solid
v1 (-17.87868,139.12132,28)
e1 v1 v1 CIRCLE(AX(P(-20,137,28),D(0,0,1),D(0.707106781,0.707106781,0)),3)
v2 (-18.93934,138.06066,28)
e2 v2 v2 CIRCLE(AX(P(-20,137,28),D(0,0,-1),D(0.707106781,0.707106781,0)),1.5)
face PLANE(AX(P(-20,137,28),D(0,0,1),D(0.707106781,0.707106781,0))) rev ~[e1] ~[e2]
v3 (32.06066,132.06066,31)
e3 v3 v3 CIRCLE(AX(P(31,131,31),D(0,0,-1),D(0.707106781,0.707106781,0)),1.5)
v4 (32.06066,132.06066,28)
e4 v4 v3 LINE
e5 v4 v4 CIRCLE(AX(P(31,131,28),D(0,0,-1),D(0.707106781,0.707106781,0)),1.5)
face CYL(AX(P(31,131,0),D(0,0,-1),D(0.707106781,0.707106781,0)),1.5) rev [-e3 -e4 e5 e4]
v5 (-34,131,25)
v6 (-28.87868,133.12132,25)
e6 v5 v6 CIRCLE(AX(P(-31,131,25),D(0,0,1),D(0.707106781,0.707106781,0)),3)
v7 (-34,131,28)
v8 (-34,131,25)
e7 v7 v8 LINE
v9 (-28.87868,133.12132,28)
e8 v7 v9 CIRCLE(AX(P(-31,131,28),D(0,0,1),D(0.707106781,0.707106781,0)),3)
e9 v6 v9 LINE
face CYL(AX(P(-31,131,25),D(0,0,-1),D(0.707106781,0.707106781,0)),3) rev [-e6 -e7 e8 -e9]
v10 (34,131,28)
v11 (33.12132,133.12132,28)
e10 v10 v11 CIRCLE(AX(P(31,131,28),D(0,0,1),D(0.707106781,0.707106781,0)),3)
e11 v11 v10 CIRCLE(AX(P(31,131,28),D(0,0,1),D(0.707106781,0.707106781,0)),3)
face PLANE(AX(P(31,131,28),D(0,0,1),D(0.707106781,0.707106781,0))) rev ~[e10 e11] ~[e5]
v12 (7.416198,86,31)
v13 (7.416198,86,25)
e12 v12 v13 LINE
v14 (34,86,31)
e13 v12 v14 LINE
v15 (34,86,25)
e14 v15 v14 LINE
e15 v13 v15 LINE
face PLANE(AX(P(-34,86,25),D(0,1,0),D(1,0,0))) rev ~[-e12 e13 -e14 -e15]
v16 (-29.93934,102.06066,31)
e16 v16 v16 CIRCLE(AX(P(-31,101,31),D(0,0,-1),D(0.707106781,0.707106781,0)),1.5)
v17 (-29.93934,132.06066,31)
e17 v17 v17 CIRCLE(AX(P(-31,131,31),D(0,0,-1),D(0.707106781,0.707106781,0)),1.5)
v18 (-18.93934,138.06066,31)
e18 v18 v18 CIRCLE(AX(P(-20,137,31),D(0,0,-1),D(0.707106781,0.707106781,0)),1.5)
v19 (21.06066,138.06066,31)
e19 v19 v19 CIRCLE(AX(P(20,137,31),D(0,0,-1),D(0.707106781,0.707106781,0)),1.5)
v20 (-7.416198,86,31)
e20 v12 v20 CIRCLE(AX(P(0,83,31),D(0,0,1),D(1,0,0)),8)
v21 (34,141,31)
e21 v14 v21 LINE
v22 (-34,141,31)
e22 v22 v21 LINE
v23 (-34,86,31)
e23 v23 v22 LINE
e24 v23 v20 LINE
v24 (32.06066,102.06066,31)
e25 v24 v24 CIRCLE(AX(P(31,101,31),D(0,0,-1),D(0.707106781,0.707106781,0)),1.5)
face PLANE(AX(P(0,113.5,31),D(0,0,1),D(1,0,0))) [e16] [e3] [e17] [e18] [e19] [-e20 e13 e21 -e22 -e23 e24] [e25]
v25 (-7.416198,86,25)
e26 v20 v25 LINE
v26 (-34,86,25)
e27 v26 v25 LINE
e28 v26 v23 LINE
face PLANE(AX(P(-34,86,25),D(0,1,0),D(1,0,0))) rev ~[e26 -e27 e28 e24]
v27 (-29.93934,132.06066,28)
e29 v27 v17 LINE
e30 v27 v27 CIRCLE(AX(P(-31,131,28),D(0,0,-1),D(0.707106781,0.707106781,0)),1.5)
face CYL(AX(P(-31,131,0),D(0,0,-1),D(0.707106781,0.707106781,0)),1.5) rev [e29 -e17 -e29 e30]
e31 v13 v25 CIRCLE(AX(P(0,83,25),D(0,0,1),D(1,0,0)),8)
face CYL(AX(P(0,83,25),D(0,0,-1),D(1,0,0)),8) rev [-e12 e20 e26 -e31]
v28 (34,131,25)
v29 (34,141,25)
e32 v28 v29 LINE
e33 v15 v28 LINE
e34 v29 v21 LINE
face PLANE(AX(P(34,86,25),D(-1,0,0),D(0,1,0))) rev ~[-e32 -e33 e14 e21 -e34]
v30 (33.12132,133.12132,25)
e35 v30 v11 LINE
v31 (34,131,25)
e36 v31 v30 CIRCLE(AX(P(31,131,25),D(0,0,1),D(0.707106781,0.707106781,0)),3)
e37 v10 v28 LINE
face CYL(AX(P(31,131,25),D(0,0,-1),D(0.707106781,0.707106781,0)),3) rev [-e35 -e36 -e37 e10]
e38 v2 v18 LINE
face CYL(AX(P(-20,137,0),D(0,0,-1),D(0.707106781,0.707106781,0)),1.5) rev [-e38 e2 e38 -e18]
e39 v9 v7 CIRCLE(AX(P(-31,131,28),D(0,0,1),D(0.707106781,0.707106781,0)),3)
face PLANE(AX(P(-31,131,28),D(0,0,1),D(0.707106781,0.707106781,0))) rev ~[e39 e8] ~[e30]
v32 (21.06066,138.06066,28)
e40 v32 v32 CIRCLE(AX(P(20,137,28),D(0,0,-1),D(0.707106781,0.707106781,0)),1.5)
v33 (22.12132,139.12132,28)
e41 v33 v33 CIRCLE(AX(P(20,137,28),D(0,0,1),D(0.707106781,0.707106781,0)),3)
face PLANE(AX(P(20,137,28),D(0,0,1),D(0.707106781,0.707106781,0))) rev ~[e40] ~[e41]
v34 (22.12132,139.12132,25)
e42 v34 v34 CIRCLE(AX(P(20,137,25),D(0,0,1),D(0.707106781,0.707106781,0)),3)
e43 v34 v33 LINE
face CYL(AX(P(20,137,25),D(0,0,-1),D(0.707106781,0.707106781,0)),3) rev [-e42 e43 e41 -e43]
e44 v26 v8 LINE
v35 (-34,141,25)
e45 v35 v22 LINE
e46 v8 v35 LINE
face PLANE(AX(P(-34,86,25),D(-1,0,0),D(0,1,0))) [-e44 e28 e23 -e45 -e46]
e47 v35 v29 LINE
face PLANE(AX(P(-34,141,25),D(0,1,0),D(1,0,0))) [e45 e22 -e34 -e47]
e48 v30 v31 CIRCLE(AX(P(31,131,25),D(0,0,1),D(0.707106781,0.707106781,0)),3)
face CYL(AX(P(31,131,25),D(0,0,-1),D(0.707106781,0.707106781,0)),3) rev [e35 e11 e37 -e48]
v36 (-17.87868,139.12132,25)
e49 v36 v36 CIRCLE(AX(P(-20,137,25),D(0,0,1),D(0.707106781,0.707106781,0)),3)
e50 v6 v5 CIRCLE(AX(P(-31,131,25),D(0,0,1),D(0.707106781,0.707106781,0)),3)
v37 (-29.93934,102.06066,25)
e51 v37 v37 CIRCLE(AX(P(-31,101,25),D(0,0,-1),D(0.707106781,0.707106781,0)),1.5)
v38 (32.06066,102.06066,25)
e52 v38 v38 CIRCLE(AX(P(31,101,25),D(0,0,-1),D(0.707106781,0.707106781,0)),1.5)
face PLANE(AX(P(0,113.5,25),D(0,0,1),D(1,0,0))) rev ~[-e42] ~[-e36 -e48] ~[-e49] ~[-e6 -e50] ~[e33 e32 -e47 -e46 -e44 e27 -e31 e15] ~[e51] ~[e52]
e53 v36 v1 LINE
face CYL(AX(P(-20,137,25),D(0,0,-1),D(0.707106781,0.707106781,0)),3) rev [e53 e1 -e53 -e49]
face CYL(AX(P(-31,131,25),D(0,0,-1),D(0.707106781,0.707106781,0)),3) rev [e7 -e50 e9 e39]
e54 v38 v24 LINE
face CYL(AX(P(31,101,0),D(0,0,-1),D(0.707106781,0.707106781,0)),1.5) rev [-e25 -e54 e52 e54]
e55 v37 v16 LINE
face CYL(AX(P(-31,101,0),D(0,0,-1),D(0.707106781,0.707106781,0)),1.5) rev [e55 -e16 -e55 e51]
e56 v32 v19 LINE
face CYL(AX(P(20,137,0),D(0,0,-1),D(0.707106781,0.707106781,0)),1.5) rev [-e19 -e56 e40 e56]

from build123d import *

# Parameters (mm, degrees)
CYLINDER2051_R               = 1.5
CYLINDER2051_DEPTH           = 50
CYLINDER2051_PLACEMENT_ANGLE = 45
CYLINDER2052_R               = 1.5
CYLINDER2052_DEPTH           = 50
CYLINDER2052_PLACEMENT_ANGLE = 45
CYLINDER2050_R               = 1.5
CYLINDER2050_DEPTH           = 50
CYLINDER2050_PLACEMENT_ANGLE = 45
CYLINDER2049_R               = 1.5
CYLINDER2049_DEPTH           = 50
CYLINDER2049_PLACEMENT_ANGLE = 45
CYLINDER2062_R               = 1.5
CYLINDER2062_DEPTH           = 50
CYLINDER2062_PLACEMENT_ANGLE = 45
CYLINDER2069_R               = 1.5
CYLINDER2069_DEPTH           = 50
CYLINDER2069_PLACEMENT_ANGLE = 45
CYLINDER2085_R               = 3
CYLINDER2085_DEPTH           = 3
CYLINDER2085_PLACEMENT_ANGLE = 45
CYLINDER2081_R               = 3
CYLINDER2081_DEPTH           = 3
CYLINDER2081_PLACEMENT_ANGLE = 45
CYLINDER2091_R               = 3
CYLINDER2091_DEPTH           = 3
CYLINDER2091_PLACEMENT_ANGLE = 45
CYLINDER2067_R               = 3
CYLINDER2067_DEPTH           = 3
CYLINDER2067_PLACEMENT_ANGLE = 45
CYLINDER2080_R               = 3
CYLINDER2080_DEPTH           = 3
CYLINDER2080_PLACEMENT_ANGLE = 45
CYLINDER2088_R               = 3
CYLINDER2088_DEPTH           = 3
CYLINDER2088_PLACEMENT_ANGLE = 45
CYLINDER2061_R               = 8
CYLINDER2061_DEPTH           = 6
BOX802_W                     = 68
BOX802_H                     = 55
BOX802_DEPTH                 = 6


with BuildPart() as v_lec2051:
    # Cylinder2051 → Cylinder2051 (new body)
    with BuildSketch(Plane.XY):
        Circle(CYLINDER2051_R)
    extrude(amount=CYLINDER2051_DEPTH)


with BuildPart() as v_lec2051_1:
    # Cylinder2051 placement: moved
    add(v_lec2051.part.moved(Location((20, 137, 0))).rotate(Axis((20, 137, 0), (0, 0, 1)), CYLINDER2051_PLACEMENT_ANGLE))


with BuildPart() as compound961:
    # Cylinder2052 → Cylinder2052 (new body)
    with BuildSketch(Plane.XY):
        Circle(CYLINDER2052_R)
    extrude(amount=CYLINDER2052_DEPTH)


with BuildPart() as compound961_1:
    # Cylinder2052 placement: moved
    add(compound961.part.moved(Location((-20, 137, 0))).rotate(Axis((-20, 137, 0), (0, 0, 1)), CYLINDER2052_PLACEMENT_ANGLE))

    # Compound961: union Válec2051
    add(v_lec2051_1.part)


with BuildPart() as v_lec2050:
    # Cylinder2050 → Cylinder2050 (new body)
    with BuildSketch(Plane.XY):
        Circle(CYLINDER2050_R)
    extrude(amount=CYLINDER2050_DEPTH)


with BuildPart() as v_lec2050_1:
    # Cylinder2050 placement: moved
    add(v_lec2050.part.moved(Location((31, 131, 0))).rotate(Axis((31, 131, 0), (0, 0, 1)), CYLINDER2050_PLACEMENT_ANGLE))


with BuildPart() as compound964:
    # Cylinder2049 → Cylinder2049 (new body)
    with BuildSketch(Plane.XY):
        Circle(CYLINDER2049_R)
    extrude(amount=CYLINDER2049_DEPTH)


with BuildPart() as compound964_1:
    # Cylinder2049 placement: moved
    add(compound964.part.moved(Location((-31, 131, 0))).rotate(Axis((-31, 131, 0), (0, 0, 1)), CYLINDER2049_PLACEMENT_ANGLE))

    # Compound964: union Válec2050
    add(v_lec2050_1.part)


with BuildPart() as v_lec2062:
    # Cylinder2062 → Cylinder2062 (new body)
    with BuildSketch(Plane.XY):
        Circle(CYLINDER2062_R)
    extrude(amount=CYLINDER2062_DEPTH)


with BuildPart() as v_lec2062_1:
    # Cylinder2062 placement: moved
    add(v_lec2062.part.moved(Location((31, 101, 0))).rotate(Axis((31, 101, 0), (0, 0, 1)), CYLINDER2062_PLACEMENT_ANGLE))


with BuildPart() as compound1109:
    # Cylinder2069 → Cylinder2069 (new body)
    with BuildSketch(Plane.XY):
        Circle(CYLINDER2069_R)
    extrude(amount=CYLINDER2069_DEPTH)


with BuildPart() as compound1109_1:
    # Cylinder2069 placement: moved
    add(compound1109.part.moved(Location((-31, 101, 0))).rotate(Axis((-31, 101, 0), (0, 0, 1)), CYLINDER2069_PLACEMENT_ANGLE))

    # Compound1090: union Válec2062
    add(v_lec2062_1.part)

    # Compound1109: union Compound961, Compound964
    add(compound961_1.part)
    add(compound964_1.part)


with BuildPart() as v_lec2085:
    # Cylinder2085 → Cylinder2085 (new body)
    with BuildSketch(Plane.XY):
        Circle(CYLINDER2085_R)
    extrude(amount=CYLINDER2085_DEPTH)


with BuildPart() as v_lec2085_1:
    # Cylinder2085 placement: moved
    add(v_lec2085.part.moved(Location((31, 131, 0))).rotate(Axis((31, 131, 0), (0, 0, 1)), CYLINDER2085_PLACEMENT_ANGLE))


with BuildPart() as compound1101:
    # Cylinder2081 → Cylinder2081 (new body)
    with BuildSketch(Plane.XY):
        Circle(CYLINDER2081_R)
    extrude(amount=CYLINDER2081_DEPTH)


with BuildPart() as compound1101_1:
    # Cylinder2081 placement: moved
    add(compound1101.part.moved(Location((-31, 131, 0))).rotate(Axis((-31, 131, 0), (0, 0, 1)), CYLINDER2081_PLACEMENT_ANGLE))

    # Compound1101: union Válec2085
    add(v_lec2085_1.part)


with BuildPart() as compound1101_2:
    # Compound1101 placement: moved
    add(compound1101_1.part.moved(Location((0, 0, 25))))


with BuildPart() as v_lec2091:
    # Cylinder2091 → Cylinder2091 (new body)
    with BuildSketch(Plane.XY):
        Circle(CYLINDER2091_R)
    extrude(amount=CYLINDER2091_DEPTH)


with BuildPart() as v_lec2091_1:
    # Cylinder2091 placement: moved
    add(v_lec2091.part.moved(Location((31, 101, 0))).rotate(Axis((31, 101, 0), (0, 0, 1)), CYLINDER2091_PLACEMENT_ANGLE))


with BuildPart() as compound1103:
    # Cylinder2067 → Cylinder2067 (new body)
    with BuildSketch(Plane.XY):
        Circle(CYLINDER2067_R)
    extrude(amount=CYLINDER2067_DEPTH)


with BuildPart() as compound1103_1:
    # Cylinder2067 placement: moved
    add(compound1103.part.moved(Location((-31, 101, 0))).rotate(Axis((-31, 101, 0), (0, 0, 1)), CYLINDER2067_PLACEMENT_ANGLE))

    # Compound1103: union Válec2091
    add(v_lec2091_1.part)


with BuildPart() as compound1103_2:
    # Compound1103 placement: moved
    add(compound1103_1.part.moved(Location((0, 0, 21))))


with BuildPart() as v_lec2080:
    # Cylinder2080 → Cylinder2080 (new body)
    with BuildSketch(Plane.XY):
        Circle(CYLINDER2080_R)
    extrude(amount=CYLINDER2080_DEPTH)


with BuildPart() as v_lec2080_1:
    # Cylinder2080 placement: moved
    add(v_lec2080.part.moved(Location((20, 137, 0))).rotate(Axis((20, 137, 0), (0, 0, 1)), CYLINDER2080_PLACEMENT_ANGLE))


with BuildPart() as compound1106:
    # Cylinder2088 → Cylinder2088 (new body)
    with BuildSketch(Plane.XY):
        Circle(CYLINDER2088_R)
    extrude(amount=CYLINDER2088_DEPTH)


with BuildPart() as compound1106_1:
    # Cylinder2088 placement: moved
    add(compound1106.part.moved(Location((-20, 137, 0))).rotate(Axis((-20, 137, 0), (0, 0, 1)), CYLINDER2088_PLACEMENT_ANGLE))

    # Compound1104: union Válec2080
    add(v_lec2080_1.part)


with BuildPart() as compound1106_2:
    # Compound1104 placement: moved
    add(compound1106_1.part.moved(Location((0, 0, 25))))

    # Compound1106: union Compound1101, Compound1103
    add(compound1101_2.part)
    add(compound1103_2.part)


with BuildPart() as v_lec2061:
    # Cylinder2061 → Cylinder2061 (new body)
    with BuildSketch(Plane(origin=(0, 83, 25), x_dir=(1, 0, 0), z_dir=(0, 0, 1))):
        Circle(CYLINDER2061_R)
    extrude(amount=CYLINDER2061_DEPTH)


with BuildPart() as cut698:
    # Box802 → Box802 (new body)
    with BuildSketch(Plane(origin=(-34, 86, 25), x_dir=(1, 0, 0), z_dir=(0, 0, 1))):
        with Locations((34, 27.5)):
            Rectangle(BOX802_W, BOX802_H)
    extrude(amount=BOX802_DEPTH)

    # Cut692: cut Válec2061
    add(v_lec2061.part, mode=Mode.SUBTRACT)

    # Cut696: cut Compound1106
    add(compound1106_2.part, mode=Mode.SUBTRACT)

    # Cut698: cut Compound1109
    add(compound1109_1.part, mode=Mode.SUBTRACT)


solid = cut698.part
